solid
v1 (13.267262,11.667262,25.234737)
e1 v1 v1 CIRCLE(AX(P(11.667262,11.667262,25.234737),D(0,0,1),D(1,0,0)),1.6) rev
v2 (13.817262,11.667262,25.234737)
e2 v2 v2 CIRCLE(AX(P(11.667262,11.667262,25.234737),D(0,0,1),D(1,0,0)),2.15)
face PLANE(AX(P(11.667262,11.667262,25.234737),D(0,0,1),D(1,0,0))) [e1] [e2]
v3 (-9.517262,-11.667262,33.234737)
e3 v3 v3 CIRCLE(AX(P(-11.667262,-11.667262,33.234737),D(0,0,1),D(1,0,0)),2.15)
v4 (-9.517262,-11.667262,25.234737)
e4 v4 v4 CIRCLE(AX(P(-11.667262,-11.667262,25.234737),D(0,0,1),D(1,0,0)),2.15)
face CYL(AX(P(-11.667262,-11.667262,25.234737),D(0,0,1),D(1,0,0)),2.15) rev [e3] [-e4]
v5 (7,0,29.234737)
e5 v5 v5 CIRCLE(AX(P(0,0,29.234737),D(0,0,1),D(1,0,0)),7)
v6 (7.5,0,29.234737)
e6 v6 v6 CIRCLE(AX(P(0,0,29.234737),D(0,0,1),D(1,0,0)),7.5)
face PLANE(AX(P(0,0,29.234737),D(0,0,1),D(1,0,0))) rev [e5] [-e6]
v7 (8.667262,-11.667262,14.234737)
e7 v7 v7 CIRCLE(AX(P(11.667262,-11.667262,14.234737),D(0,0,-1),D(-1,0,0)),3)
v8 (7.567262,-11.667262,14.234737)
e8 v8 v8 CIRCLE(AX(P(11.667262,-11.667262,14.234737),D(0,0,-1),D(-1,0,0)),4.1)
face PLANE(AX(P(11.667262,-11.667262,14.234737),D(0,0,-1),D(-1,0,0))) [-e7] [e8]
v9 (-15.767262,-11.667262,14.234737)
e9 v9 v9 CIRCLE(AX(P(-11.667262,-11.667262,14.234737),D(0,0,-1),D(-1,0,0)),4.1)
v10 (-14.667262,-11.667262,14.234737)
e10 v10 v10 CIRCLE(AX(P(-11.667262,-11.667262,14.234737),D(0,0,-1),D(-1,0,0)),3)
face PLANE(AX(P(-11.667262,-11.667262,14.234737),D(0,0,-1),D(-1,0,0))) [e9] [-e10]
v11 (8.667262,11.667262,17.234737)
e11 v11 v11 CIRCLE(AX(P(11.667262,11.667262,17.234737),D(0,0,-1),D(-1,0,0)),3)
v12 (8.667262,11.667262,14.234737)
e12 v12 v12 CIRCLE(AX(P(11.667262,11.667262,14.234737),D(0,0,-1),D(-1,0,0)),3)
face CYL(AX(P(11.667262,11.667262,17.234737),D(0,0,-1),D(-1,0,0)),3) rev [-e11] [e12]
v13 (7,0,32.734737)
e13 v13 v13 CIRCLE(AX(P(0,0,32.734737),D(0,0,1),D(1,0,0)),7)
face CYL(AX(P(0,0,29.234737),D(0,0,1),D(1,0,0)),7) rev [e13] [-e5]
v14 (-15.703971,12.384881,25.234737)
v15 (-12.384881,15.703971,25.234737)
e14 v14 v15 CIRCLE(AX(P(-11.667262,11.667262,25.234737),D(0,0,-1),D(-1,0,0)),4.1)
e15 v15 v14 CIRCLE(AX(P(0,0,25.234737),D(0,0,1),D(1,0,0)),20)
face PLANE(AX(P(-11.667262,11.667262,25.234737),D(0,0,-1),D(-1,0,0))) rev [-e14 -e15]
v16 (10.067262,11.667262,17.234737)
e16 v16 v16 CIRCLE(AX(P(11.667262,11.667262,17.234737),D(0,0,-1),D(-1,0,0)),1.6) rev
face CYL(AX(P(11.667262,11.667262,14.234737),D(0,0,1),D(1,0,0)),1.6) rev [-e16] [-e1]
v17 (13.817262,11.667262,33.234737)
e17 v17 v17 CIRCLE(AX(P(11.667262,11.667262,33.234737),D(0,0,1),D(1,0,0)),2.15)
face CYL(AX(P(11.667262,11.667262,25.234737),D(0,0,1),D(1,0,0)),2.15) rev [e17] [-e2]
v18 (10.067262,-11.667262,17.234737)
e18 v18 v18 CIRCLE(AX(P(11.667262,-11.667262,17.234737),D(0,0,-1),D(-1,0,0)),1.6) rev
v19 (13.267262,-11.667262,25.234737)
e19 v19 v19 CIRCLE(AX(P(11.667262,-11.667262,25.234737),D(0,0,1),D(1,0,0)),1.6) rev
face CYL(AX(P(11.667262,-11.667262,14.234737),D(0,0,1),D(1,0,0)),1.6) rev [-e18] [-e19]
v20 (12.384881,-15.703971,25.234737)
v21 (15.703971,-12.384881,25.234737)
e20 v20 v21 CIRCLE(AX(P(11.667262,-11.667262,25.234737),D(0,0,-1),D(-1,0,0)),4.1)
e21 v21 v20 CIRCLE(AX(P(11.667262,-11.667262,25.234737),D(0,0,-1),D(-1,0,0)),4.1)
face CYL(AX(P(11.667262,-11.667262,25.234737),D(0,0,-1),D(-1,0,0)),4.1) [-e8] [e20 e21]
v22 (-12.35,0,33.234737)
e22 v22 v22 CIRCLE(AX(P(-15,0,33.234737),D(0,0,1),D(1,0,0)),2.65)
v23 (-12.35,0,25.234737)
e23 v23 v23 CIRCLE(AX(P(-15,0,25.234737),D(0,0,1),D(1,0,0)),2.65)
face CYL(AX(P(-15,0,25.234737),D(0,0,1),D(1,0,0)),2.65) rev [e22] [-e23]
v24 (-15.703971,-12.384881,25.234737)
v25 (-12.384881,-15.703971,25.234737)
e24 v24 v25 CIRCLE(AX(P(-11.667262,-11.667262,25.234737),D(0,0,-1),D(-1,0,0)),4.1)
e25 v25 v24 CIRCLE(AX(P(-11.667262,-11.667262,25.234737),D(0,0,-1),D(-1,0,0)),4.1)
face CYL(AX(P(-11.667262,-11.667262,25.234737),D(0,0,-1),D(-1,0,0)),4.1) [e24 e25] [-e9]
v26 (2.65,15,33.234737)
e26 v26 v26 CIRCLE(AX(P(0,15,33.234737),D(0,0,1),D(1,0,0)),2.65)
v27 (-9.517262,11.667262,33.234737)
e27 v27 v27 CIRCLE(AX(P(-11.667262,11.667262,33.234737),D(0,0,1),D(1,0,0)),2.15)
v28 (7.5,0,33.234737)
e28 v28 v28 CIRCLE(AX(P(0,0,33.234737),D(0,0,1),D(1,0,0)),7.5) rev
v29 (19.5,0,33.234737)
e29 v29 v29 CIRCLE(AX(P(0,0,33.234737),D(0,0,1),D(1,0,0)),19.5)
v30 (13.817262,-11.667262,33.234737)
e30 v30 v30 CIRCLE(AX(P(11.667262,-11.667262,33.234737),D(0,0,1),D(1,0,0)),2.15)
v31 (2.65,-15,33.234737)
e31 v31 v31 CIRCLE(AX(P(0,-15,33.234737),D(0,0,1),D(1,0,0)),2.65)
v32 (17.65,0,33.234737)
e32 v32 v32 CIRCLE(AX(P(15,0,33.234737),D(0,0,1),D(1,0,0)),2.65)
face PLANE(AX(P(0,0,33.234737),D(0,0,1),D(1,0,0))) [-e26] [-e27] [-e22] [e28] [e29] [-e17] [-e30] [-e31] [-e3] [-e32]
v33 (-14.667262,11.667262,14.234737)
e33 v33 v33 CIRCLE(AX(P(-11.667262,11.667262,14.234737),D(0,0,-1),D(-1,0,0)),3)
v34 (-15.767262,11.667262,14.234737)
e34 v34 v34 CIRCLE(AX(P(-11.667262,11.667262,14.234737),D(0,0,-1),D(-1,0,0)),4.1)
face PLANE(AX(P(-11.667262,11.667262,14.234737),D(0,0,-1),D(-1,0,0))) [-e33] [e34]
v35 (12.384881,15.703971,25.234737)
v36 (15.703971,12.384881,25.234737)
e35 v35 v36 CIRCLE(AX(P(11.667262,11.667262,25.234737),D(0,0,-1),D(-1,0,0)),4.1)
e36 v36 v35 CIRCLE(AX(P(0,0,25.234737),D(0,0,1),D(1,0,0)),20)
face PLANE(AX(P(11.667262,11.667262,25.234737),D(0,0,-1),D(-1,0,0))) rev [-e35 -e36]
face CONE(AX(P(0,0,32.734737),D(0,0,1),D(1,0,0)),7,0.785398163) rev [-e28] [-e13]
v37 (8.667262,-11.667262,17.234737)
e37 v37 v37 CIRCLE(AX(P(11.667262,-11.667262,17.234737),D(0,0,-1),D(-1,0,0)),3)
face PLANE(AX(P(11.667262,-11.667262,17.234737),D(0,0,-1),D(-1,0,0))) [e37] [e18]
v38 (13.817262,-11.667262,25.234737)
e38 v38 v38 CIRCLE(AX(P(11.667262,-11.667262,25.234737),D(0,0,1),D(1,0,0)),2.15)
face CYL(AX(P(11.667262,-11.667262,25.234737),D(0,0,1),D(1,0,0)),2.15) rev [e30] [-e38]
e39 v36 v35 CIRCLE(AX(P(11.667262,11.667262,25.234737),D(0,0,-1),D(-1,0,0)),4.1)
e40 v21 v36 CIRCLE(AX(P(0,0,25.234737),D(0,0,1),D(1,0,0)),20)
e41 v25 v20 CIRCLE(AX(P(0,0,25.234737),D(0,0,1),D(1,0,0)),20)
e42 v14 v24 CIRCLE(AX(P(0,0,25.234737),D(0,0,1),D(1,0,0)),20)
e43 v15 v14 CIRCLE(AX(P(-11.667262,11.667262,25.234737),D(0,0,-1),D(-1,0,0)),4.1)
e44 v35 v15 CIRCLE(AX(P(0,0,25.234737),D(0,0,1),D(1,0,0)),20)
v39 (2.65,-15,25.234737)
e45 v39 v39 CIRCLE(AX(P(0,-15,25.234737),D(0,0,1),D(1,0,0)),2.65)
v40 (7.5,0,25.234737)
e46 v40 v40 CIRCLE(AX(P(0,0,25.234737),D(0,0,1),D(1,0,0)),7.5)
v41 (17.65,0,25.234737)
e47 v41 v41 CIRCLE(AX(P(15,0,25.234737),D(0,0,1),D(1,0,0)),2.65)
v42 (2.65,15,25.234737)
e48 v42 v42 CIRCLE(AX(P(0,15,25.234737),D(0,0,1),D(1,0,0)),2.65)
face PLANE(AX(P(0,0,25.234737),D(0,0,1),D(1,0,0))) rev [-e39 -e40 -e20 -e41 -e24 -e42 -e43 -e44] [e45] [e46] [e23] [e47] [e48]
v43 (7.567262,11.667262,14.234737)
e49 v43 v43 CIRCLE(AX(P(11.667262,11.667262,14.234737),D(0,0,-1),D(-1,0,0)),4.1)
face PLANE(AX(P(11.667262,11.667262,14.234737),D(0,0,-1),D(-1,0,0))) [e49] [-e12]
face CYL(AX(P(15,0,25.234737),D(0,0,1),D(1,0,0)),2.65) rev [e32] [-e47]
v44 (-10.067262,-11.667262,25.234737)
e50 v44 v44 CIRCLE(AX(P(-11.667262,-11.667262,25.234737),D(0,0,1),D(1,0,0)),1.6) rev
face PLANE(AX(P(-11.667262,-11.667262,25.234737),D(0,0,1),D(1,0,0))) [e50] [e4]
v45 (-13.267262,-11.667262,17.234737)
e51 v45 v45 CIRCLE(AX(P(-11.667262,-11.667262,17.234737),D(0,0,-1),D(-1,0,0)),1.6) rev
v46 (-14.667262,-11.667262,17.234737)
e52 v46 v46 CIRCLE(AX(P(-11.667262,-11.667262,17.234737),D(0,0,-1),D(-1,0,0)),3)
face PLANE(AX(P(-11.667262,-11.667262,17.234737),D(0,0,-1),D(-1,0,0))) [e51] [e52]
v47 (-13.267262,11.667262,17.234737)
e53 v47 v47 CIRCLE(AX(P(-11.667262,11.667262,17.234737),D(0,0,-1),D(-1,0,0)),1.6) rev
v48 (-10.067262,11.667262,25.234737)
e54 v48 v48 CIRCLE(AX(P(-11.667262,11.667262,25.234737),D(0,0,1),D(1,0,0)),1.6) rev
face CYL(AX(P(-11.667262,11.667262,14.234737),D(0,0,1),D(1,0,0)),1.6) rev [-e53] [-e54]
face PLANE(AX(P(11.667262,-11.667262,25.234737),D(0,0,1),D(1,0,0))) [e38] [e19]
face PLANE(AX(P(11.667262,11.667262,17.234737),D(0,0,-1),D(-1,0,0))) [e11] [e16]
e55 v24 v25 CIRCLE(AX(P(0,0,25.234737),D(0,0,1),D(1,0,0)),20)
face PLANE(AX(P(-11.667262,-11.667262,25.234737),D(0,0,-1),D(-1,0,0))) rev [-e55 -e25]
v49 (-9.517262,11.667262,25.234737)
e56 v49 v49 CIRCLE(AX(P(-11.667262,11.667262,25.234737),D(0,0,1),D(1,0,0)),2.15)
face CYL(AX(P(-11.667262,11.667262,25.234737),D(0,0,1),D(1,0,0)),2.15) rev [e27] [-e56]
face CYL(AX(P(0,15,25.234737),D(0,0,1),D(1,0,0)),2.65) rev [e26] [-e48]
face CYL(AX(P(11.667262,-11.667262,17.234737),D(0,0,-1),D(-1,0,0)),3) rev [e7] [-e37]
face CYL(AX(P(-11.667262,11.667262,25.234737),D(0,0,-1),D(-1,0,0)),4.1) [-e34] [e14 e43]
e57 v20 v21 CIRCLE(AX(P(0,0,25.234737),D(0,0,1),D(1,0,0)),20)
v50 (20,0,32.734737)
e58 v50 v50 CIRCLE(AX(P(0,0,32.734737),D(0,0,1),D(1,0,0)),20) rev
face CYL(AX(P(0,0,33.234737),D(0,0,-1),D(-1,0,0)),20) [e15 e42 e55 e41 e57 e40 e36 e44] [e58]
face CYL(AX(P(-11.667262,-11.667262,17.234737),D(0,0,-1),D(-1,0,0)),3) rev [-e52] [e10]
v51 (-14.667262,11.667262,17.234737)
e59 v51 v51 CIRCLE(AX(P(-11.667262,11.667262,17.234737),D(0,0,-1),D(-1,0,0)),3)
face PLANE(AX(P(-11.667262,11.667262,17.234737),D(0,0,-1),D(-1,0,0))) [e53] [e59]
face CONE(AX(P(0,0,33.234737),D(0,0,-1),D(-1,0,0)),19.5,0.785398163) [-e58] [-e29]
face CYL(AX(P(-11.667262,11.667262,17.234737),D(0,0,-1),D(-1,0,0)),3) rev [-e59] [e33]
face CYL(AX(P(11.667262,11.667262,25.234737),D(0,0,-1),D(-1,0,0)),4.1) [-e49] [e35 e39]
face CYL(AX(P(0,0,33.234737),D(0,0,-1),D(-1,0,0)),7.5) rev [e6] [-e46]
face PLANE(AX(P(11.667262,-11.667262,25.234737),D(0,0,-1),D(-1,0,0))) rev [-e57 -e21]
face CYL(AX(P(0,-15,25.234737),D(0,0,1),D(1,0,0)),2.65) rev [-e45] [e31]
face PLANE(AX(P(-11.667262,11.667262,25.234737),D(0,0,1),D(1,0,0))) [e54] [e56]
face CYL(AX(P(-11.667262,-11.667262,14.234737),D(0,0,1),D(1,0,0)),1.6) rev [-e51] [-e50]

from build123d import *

# Parameters (mm, degrees)
SKETCH3_R             = 4
BOSS_EXTRUDE1_DEPTH   = 11
BOSS_EXTRUDE1_2_DEPTH = 11
BOSS_EXTRUDE1_3_DEPTH = 11
BOSS_EXTRUDE1_4_DEPTH = 11
SKETCH6_R             = 7.5
BOSS_EXTRUDE6_DEPTH   = 8
SKETCH8_R             = 1.6
CUT_EXTRUDE1_DEPTH    = 35.073450075
SKETCH9_R             = 3
CUT_EXTRUDE2_DEPTH    = 3
BOSS_EXTRUDE8_START   = -11
SKETCH10_R            = 4.1
SKETCH10_R_2          = 4
BOSS_EXTRUDE8_DEPTH   = 11
SKETCH11_R            = 2.65
SKETCH11_R_2          = 2.15
CUT_EXTRUDE3_DEPTH    = 8
BOSS_EXTRUDE9_START   = -4
SKETCH12_R            = 7.5
SKETCH12_R_2          = 7
BOSS_EXTRUDE9_DEPTH   = 4
CHAMFER1_SIZE         = 0.5


with BuildPart() as part:
    # Sketch3 → Boss-Extrude1 (new body)
    with BuildSketch(Plane(origin=(0, 0, 25.23473679), x_dir=(-1, 0, 0), z_dir=(0, 0, -1))):
        with Locations((-11.66726189, 11.66726189)):
            Circle(SKETCH3_R)
    extrude(amount=BOSS_EXTRUDE1_DEPTH)



with BuildPart() as body_2:
    # Sketch3 → Boss-Extrude1 2 (new body)
    with BuildSketch(Plane(origin=(0, 0, 25.23473679), x_dir=(-1, 0, 0), z_dir=(0, 0, -1))):
        with Locations((11.66726189, 11.66726189)):
            Circle(SKETCH3_R)
    extrude(amount=BOSS_EXTRUDE1_2_DEPTH)


with BuildPart() as body_3:
    # Sketch3 → Boss-Extrude1 3 (new body)
    with BuildSketch(Plane(origin=(0, 0, 25.23473679), x_dir=(-1, 0, 0), z_dir=(0, 0, -1))):
        with Locations((11.66726189, -11.66726189)):
            Circle(SKETCH3_R)
    extrude(amount=BOSS_EXTRUDE1_3_DEPTH)


with BuildPart() as body_4:
    # Sketch3 → Boss-Extrude1 4 (new body)
    with BuildSketch(Plane(origin=(0, 0, 25.23473679), x_dir=(-1, 0, 0), z_dir=(0, 0, -1))):
        with Locations((-11.66726189, -11.66726189)):
            Circle(SKETCH3_R)
    extrude(amount=BOSS_EXTRUDE1_4_DEPTH)


with BuildPart() as part_1:
    add(part.part)

    add(body_2.part)  # Boss-Extrude6 merges body 2

    add(body_3.part)  # Boss-Extrude6 merges body 3

    add(body_4.part)  # Boss-Extrude6 merges body 4
    # Sketch6 → Boss-Extrude6 (add)
    with BuildSketch(Plane.XY.offset(25.23473679)):
        with BuildLine():
            ThreePointArc((16.90822495, -10.682318524), (19.509460387, 4.402380652), (10.682318524, 16.90822495))
            ThreePointArc((10.682318524, 16.90822495), (-4.402380652, 19.509460387), (-16.90822495, 10.682318524))
            ThreePointArc((-16.90822495, 10.682318524), (-19.509460387, -4.402380652), (-10.682318524, -16.90822495))
            ThreePointArc((-10.682318524, -16.90822495), (4.402380652, -19.509460387), (16.90822495, -10.682318524))
        make_face()
        Circle(SKETCH6_R, mode=Mode.SUBTRACT)
    extrude(amount=BOSS_EXTRUDE6_DEPTH)

    # Sketch8 → Cut-Extrude1 (cut, through all)
    with BuildSketch(Plane.XY.offset(33.23473679)):
        with Locations((11.66726189, 11.66726189)):
            Circle(SKETCH8_R)
        with Locations((11.66726189, -11.66726189)):
            Circle(SKETCH8_R)
        with Locations((-11.66726189, -11.66726189)):
            Circle(SKETCH8_R)
        with Locations((-11.66726189, 11.66726189)):
            Circle(SKETCH8_R)
    extrude(amount=-CUT_EXTRUDE1_DEPTH, mode=Mode.SUBTRACT)

    # Sketch9 → Cut-Extrude2 (cut)
    with BuildSketch(Plane.XY.offset(14.23473679)):
        with Locations(Location((11.66726189, 11.66726189, 0), (0, 0, 180))):
            Circle(SKETCH9_R)
        with Locations(Location((11.66726189, -11.66726189, 0), (0, 0, 180))):
            Circle(SKETCH9_R)
        with Locations(Location((-11.66726189, -11.66726189, 0), (0, 0, 180))):
            Circle(SKETCH9_R)
        with Locations(Location((-11.66726189, 11.66726189, 0), (0, 0, 180))):
            Circle(SKETCH9_R)
    extrude(amount=CUT_EXTRUDE2_DEPTH, mode=Mode.SUBTRACT)

    # Sketch10 → Boss-Extrude8 (add)
    # profile 1 of 4: a face of its own
    with BuildSketch(Plane(origin=(0, 0, 14.23473679), x_dir=(-1, 0, 0), z_dir=(0, 0, -1)).offset(BOSS_EXTRUDE8_START)):
        with Locations((11.66726189, 11.66726189)):
            Circle(SKETCH10_R)
        with Locations((11.66726189, 11.66726189)):
            Circle(SKETCH10_R_2, mode=Mode.SUBTRACT)
    # profile 2 of 4: a face of its own
    with BuildSketch(Plane(origin=(0, 0, 14.23473679), x_dir=(-1, 0, 0), z_dir=(0, 0, -1)).offset(BOSS_EXTRUDE8_START)):
        with Locations((11.66726189, -11.66726189)):
            Circle(SKETCH10_R)
        with Locations((11.66726189, -11.66726189)):
            Circle(SKETCH10_R_2, mode=Mode.SUBTRACT)
    # profile 3 of 4: a face of its own
    with BuildSketch(Plane(origin=(0, 0, 14.23473679), x_dir=(-1, 0, 0), z_dir=(0, 0, -1)).offset(BOSS_EXTRUDE8_START)):
        with Locations((-11.66726189, -11.66726189)):
            Circle(SKETCH10_R)
        with Locations((-11.66726189, -11.66726189)):
            Circle(SKETCH10_R_2, mode=Mode.SUBTRACT)
    # profile 4 of 4: a face of its own
    with BuildSketch(Plane(origin=(0, 0, 14.23473679), x_dir=(-1, 0, 0), z_dir=(0, 0, -1)).offset(BOSS_EXTRUDE8_START)):
        with Locations((-11.66726189, 11.66726189)):
            Circle(SKETCH10_R)
        with Locations((-11.66726189, 11.66726189)):
            Circle(SKETCH10_R_2, mode=Mode.SUBTRACT)
    extrude(amount=BOSS_EXTRUDE8_DEPTH)

    # Sketch11 → Cut-Extrude3 (cut)
    with BuildSketch(Plane.XY.offset(33.23473679)):
        with Locations((0, 15)):
            Circle(SKETCH11_R)
        with Locations((15, 0)):
            Circle(SKETCH11_R)
        with Locations((0, -15)):
            Circle(SKETCH11_R)
        with Locations((-15, 0)):
            Circle(SKETCH11_R)
        with Locations((-11.66726189, 11.66726189)):
            Circle(SKETCH11_R_2)
        with Locations((11.66726189, 11.66726189)):
            Circle(SKETCH11_R_2)
        with Locations((11.66726189, -11.66726189)):
            Circle(SKETCH11_R_2)
        with Locations((-11.66726189, -11.66726189)):
            Circle(SKETCH11_R_2)
    extrude(amount=-CUT_EXTRUDE3_DEPTH, mode=Mode.SUBTRACT)

    # Sketch12 → Boss-Extrude9 (add)
    with BuildSketch(Plane.XY.offset(33.23473679).offset(BOSS_EXTRUDE9_START)):
        Circle(SKETCH12_R)
        Circle(SKETCH12_R_2, mode=Mode.SUBTRACT)
    extrude(amount=BOSS_EXTRUDE9_DEPTH)

    # Chamfer1
    chamfer1_edges = [part_1.edges().sort_by_distance(p)[0] for p in [
        (-16.90822495, 10.682318524, 33.23473679),
        (-7, 0, 33.23473679),
    ]]
    chamfer(chamfer1_edges, length=CHAMFER1_SIZE)


solid = part_1.part
